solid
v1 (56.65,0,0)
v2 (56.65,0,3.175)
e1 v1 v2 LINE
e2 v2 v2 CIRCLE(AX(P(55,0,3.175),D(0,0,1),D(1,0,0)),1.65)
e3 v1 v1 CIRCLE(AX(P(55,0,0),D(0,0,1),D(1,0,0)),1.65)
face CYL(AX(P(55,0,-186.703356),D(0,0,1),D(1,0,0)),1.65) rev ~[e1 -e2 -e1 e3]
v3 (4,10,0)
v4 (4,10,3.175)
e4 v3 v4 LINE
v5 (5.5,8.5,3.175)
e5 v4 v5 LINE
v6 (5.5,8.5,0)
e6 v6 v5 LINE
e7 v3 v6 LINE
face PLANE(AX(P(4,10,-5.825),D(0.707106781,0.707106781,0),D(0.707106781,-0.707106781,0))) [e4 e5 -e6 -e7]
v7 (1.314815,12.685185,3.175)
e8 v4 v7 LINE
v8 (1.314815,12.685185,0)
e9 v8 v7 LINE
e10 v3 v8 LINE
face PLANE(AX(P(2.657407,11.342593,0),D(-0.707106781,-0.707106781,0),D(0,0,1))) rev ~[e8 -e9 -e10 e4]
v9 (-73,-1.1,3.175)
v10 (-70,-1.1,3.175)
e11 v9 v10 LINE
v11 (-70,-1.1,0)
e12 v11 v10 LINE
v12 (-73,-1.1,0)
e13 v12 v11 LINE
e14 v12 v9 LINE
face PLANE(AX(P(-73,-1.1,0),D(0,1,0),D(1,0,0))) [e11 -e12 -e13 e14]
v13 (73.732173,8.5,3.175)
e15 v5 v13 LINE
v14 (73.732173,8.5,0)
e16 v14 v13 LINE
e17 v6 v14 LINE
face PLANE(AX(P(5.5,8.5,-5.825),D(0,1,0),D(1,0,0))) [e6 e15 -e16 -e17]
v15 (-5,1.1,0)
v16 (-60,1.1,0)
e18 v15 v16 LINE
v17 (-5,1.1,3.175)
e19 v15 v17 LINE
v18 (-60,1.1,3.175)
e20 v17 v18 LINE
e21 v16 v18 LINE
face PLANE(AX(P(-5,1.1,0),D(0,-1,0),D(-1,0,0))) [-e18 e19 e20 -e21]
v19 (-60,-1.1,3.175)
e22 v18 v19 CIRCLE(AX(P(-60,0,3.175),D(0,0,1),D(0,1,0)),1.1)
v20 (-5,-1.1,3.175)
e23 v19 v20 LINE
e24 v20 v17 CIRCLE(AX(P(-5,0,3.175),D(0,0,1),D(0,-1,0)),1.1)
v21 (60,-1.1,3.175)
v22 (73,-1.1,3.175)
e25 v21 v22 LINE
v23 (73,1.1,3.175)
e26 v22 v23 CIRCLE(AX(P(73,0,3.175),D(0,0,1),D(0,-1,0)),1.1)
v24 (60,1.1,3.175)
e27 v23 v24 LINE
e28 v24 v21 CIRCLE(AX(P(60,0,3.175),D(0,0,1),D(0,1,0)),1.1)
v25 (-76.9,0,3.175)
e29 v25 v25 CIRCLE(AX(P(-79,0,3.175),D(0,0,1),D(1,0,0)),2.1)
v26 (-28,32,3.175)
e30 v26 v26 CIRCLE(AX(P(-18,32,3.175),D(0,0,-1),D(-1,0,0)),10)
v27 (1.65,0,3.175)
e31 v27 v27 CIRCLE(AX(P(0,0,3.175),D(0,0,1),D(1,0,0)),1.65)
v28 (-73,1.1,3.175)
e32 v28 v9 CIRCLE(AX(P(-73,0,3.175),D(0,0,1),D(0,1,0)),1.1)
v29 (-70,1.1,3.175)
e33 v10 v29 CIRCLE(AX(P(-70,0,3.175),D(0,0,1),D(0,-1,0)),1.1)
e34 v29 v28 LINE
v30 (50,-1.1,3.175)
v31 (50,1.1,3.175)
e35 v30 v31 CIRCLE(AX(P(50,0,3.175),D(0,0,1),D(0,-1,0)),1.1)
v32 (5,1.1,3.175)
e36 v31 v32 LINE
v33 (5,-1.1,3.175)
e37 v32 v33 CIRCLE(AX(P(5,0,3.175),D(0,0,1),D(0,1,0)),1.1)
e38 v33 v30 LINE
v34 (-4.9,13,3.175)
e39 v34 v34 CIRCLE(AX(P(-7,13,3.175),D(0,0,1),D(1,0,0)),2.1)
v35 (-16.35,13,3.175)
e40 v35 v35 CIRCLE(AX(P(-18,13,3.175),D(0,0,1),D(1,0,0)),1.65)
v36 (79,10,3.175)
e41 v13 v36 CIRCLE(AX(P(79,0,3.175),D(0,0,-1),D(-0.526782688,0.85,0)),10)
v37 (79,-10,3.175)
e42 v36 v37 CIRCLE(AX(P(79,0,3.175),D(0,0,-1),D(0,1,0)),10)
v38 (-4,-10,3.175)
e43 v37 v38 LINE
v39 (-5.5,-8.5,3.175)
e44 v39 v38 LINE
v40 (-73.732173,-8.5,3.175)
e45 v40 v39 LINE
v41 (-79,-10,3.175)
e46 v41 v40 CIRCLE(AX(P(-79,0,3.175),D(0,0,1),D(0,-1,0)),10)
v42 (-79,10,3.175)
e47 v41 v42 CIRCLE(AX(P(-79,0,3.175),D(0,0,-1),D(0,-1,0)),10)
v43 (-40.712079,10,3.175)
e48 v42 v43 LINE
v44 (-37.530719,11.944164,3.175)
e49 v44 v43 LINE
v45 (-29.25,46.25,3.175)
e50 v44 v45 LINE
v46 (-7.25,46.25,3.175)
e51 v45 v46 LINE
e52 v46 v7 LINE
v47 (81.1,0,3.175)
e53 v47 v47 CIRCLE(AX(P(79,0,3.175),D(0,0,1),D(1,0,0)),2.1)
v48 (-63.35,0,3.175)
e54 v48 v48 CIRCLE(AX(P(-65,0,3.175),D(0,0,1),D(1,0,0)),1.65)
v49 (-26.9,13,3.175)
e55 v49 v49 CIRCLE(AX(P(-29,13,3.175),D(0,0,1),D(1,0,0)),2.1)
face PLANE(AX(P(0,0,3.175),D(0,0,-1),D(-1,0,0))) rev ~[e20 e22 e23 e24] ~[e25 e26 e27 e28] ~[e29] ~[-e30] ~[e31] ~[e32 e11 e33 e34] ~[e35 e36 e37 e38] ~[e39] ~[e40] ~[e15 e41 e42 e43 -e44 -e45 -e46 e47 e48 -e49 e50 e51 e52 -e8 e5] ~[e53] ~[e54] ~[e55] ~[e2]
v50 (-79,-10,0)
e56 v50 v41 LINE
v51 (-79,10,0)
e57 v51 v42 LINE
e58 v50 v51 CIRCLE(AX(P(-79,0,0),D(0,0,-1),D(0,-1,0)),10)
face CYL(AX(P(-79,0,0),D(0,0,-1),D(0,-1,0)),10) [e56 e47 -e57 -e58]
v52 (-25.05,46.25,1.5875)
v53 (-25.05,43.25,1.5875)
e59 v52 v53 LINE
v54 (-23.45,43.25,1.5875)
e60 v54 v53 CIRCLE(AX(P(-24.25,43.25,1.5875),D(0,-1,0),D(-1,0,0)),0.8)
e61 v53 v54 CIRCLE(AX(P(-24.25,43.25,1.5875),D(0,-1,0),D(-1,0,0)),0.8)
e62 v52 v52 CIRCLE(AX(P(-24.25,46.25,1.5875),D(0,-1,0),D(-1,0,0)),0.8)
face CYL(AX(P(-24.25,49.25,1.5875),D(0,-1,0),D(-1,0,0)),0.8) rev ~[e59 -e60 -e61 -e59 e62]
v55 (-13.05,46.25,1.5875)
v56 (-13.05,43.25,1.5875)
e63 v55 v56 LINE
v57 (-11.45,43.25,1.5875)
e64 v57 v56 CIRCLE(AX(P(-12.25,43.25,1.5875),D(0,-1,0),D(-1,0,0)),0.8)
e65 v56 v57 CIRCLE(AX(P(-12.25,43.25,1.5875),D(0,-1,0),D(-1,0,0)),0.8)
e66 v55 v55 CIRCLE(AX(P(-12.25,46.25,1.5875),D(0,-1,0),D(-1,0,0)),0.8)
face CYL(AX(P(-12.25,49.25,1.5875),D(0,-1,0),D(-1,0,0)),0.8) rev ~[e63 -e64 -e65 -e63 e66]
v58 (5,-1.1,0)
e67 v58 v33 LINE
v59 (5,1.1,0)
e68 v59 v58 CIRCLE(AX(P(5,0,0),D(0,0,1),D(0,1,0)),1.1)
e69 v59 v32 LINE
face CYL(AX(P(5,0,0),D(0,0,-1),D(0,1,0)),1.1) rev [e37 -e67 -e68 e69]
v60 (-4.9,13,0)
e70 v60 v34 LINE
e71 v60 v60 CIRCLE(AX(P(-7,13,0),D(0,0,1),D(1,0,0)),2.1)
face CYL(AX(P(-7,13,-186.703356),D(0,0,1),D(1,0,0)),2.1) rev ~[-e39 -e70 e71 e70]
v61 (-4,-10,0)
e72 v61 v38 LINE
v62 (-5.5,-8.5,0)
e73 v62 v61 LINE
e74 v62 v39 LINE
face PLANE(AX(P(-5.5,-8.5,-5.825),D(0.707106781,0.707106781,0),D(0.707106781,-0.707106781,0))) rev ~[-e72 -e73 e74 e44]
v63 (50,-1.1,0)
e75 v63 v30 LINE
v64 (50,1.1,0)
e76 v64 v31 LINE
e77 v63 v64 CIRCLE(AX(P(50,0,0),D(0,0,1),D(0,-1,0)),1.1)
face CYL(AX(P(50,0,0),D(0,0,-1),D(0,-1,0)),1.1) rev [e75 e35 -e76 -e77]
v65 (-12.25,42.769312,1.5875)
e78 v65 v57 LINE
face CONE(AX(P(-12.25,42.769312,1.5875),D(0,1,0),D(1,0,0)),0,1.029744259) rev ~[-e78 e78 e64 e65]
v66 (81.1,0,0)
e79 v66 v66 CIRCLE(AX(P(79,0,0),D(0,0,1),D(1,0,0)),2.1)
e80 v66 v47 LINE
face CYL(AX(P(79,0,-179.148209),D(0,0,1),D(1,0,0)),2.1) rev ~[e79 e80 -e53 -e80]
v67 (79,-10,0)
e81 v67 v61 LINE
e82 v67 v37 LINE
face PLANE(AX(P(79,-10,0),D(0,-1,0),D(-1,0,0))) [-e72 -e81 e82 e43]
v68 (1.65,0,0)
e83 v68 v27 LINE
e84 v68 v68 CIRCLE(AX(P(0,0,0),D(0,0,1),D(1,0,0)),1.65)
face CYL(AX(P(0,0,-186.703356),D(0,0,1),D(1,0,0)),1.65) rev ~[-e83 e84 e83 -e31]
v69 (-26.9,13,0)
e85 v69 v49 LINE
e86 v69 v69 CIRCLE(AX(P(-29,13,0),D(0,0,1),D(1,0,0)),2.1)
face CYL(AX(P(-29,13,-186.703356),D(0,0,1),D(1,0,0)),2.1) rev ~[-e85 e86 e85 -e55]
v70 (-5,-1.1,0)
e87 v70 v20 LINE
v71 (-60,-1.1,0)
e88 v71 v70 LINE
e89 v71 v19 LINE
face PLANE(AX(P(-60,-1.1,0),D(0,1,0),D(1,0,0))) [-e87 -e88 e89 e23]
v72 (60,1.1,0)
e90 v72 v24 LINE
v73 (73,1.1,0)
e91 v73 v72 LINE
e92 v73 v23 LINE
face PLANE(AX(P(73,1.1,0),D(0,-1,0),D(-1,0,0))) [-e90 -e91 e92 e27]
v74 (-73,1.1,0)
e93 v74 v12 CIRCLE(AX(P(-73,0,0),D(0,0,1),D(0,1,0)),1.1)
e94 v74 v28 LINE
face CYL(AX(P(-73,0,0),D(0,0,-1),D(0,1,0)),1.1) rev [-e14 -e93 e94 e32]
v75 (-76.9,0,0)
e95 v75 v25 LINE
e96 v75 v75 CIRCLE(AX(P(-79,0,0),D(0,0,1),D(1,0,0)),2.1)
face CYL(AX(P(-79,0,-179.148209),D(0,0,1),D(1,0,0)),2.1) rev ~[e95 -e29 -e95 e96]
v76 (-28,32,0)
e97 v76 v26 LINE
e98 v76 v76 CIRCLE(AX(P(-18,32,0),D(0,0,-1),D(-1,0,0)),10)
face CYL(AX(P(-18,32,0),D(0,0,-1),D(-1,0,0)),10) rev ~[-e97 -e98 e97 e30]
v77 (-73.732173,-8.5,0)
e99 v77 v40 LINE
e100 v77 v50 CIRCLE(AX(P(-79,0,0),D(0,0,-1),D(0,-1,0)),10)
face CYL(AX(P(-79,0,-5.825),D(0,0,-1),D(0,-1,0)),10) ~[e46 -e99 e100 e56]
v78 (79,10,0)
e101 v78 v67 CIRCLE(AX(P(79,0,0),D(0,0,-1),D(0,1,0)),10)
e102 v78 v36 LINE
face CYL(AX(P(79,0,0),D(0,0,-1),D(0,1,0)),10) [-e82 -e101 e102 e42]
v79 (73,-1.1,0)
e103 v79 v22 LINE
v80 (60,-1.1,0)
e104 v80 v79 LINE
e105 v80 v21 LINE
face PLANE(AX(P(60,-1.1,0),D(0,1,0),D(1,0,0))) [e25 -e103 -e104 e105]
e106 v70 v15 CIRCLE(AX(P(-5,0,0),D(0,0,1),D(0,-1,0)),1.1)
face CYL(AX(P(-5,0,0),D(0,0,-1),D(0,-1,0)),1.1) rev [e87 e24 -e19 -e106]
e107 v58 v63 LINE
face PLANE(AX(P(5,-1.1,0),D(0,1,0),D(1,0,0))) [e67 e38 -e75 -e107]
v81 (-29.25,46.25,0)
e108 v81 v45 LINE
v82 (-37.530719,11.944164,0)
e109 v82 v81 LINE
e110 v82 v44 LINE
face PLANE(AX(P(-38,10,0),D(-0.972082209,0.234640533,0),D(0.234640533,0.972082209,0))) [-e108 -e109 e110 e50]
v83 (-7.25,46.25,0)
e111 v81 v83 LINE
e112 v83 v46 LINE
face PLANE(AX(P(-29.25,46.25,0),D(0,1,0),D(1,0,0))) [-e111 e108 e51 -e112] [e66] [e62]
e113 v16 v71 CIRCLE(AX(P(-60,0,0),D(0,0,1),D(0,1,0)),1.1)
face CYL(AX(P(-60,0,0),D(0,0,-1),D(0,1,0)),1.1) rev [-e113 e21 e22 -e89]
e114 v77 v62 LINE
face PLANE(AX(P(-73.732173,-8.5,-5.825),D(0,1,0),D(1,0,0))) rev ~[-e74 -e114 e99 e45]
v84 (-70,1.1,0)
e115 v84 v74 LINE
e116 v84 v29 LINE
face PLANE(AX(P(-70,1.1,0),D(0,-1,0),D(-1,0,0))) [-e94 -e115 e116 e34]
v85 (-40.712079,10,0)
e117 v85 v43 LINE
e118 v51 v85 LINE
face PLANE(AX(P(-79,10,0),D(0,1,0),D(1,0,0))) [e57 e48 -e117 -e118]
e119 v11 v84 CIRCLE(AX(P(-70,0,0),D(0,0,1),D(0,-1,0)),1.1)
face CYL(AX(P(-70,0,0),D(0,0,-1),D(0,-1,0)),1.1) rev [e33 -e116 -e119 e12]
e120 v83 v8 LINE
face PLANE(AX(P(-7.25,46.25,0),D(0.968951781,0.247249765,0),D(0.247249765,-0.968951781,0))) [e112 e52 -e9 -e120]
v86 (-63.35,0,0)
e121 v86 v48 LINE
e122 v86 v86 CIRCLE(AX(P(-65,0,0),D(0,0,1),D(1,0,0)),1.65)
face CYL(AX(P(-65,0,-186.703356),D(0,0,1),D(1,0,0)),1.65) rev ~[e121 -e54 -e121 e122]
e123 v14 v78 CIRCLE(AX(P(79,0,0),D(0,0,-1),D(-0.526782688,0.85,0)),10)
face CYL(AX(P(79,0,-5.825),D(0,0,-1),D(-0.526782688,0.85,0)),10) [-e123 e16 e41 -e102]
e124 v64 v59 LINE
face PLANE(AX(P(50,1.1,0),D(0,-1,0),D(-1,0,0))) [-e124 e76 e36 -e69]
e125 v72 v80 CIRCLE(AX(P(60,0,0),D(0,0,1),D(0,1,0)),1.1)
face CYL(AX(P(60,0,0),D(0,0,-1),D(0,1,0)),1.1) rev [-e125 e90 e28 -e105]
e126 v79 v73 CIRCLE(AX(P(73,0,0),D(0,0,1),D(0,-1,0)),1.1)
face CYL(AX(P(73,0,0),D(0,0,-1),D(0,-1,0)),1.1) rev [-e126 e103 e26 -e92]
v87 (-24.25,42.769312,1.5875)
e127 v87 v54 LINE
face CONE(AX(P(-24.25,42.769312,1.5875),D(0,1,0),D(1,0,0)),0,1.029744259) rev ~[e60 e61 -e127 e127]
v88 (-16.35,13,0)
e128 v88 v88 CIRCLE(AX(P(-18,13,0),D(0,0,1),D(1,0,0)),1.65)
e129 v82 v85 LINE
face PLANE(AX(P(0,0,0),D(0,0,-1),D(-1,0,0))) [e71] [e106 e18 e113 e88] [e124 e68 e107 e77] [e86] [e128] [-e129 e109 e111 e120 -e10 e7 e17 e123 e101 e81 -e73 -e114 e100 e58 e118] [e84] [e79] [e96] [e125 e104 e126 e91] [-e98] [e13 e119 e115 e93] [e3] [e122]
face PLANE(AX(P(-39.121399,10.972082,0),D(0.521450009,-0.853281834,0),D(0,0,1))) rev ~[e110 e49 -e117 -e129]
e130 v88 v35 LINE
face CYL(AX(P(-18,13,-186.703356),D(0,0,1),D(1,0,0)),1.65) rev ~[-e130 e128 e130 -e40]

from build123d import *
from OCP.BRepFilletAPI import BRepFilletAPI_MakeChamfer

# Parameters (mm, degrees)
BOSS_EXTRUDE1_DEPTH             = 3.175
TAP_DRILL_FOR_M5X0_8_TAP1_D     = 4.2
BOSS_EXTRUDE2_DEPTH             = 3.175
TAP_DRILL_FOR_M5X0_8_TAP2_D     = 4.2
SKETCH11_R                      = 10
CUT_EXTRUDE3_DEPTH              = 3.175
TAP_DRILL_FOR_M4X0_7_TAP1_D     = 3.3
CUT_EXTRUDE5_DEPTH              = 3.175
CHAMFER1_SIZE                   = 2
CHAMFER1_SIZE2                  = 2.712078889
CHAMFER1_SIZE2_2                = 2.771226843
CUT_EXTRUDE6_START              = -9
CUT_EXTRUDE6_DEPTH              = 9
TAP_DRILL_FOR_M2X0_4_TAP1_D     = 1.6
TAP_DRILL_FOR_M2X0_4_TAP1_DEPTH = 3
TAP_DRILL_FOR_M2X0_4_TAP1_TIP   = 0.480688495


with BuildPart() as part:
    # Sketch1 → Boss-Extrude1 (new body)
    with BuildSketch(Plane.XY):
        with BuildLine():
            Line((-79, 10), (79, 10))
            ThreePointArc((79, 10), (89, 0), (79, -10))
            Line((79, -10), (-79, -10))
            ThreePointArc((-79, -10), (-89, 0), (-79, 10))
        make_face()
    extrude(amount=BOSS_EXTRUDE1_DEPTH)

    # Tap Drill for M5x0.8 Tap1 (through all)
    with Locations(Plane(origin=(0, 0, 0), x_dir=(-1, 0, 0), z_dir=(0, 0, -1))):
        with Locations((-79, 0), (79, 0)):
            Hole(TAP_DRILL_FOR_M5X0_8_TAP1_D / 2)

    # Sketch8 → Boss-Extrude2 (add)
    with BuildSketch(Plane(origin=(0, 0, 0), x_dir=(-1, 0, 0), z_dir=(0, 0, -1))):
        Polygon((29.25, 46.25), (7.25, 46.25), (-2, 10), (38, 10), align=None)
    extrude(amount=-BOSS_EXTRUDE2_DEPTH)

    # Tap Drill for M5x0.8 Tap2 (through all)
    with Locations(Plane(origin=(0, 0, 0), x_dir=(-1, 0, 0), z_dir=(0, 0, -1))):
        with Locations((7, 13), (29, 13)):
            Hole(TAP_DRILL_FOR_M5X0_8_TAP2_D / 2)

    # Sketch11 → Cut-Extrude3 (cut)
    with BuildSketch(Plane(origin=(0, 0, 0), x_dir=(-1, 0, 0), z_dir=(0, 0, -1))):
        with Locations((18, 32)):
            Circle(SKETCH11_R)
    extrude(amount=-CUT_EXTRUDE3_DEPTH, mode=Mode.SUBTRACT)

    # Tap Drill for M4x0.7 Tap1 (through all)
    with Locations(Plane(origin=(0, 0, 0), x_dir=(-1, 0, 0), z_dir=(0, 0, -1))):
        with Locations((0, 0), (-55, 0), (18, 13), (65, 0)):
            Hole(TAP_DRILL_FOR_M4X0_7_TAP1_D / 2)

    # Sketch17 → Cut-Extrude5 (cut)
    with BuildSketch(Plane(origin=(0, 0, 0), x_dir=(-1, 0, 0), z_dir=(0, 0, -1))):
        with BuildLine():
            Line((-73, 1.1), (-60, 1.1))
            ThreePointArc((-60, 1.1), (-58.9, 0), (-60, -1.1))
            Line((-60, -1.1), (-73, -1.1))
            ThreePointArc((-73, -1.1), (-74.1, 0), (-73, 1.1))
        make_face()
        with BuildLine():
            Line((-50, 1.1), (-5, 1.1))
            ThreePointArc((-5, 1.1), (-3.9, 0), (-5, -1.1))
            Line((-5, -1.1), (-50, -1.1))
            ThreePointArc((-50, -1.1), (-51.1, 0), (-50, 1.1))
        make_face()
        with BuildLine():
            Line((5, 1.1), (60, 1.1))
            ThreePointArc((60, 1.1), (61.1, 0), (60, -1.1))
            Line((60, -1.1), (5, -1.1))
            ThreePointArc((5, -1.1), (3.9, 0), (5, 1.1))
        make_face()
        with BuildLine():
            Line((70, 1.1), (73, 1.1))
            ThreePointArc((73, 1.1), (74.1, 0), (73, -1.1))
            Line((73, -1.1), (70, -1.1))
            ThreePointArc((70, -1.1), (68.9, 0), (70, 1.1))
        make_face()
    extrude(amount=-CUT_EXTRUDE5_DEPTH, mode=Mode.SUBTRACT)

    # Chamfer1: one chamfer whose edges measure the first distance from different faces: ONE call of the kernel's chamfer builder (chamfer() names one face for all edges)
    chamfer1_edges_1 = [part.edges().sort_by_distance(p)[0] for p in [
        (-38, 10, 1.5875),
    ]]
    chamfer1_side_1 = [part.faces().sort_by_distance(p)[0] for p in [
        (-33.625, 28.125, 1.5875),
    ]]
    chamfer1_edges_2 = [part.edges().sort_by_distance(p)[0] for p in [
        (2, 10, 1.5875),
    ]]
    chamfer1_side_2 = [part.faces().sort_by_distance(p)[0] for p in [
        (40.5, 10, 1.5875),
    ]]
    chamfer1 = BRepFilletAPI_MakeChamfer(part.part.solid().wrapped)
    for e in chamfer1_edges_1:
        chamfer1.Add(CHAMFER1_SIZE, CHAMFER1_SIZE2, e.wrapped, chamfer1_side_1[0].wrapped)  # the first distance lies on this face
    for e in chamfer1_edges_2:
        chamfer1.Add(CHAMFER1_SIZE, CHAMFER1_SIZE2_2, e.wrapped, chamfer1_side_2[0].wrapped)  # the first distance lies on this face
    add(Compound.cast(chamfer1.Shape()), mode=Mode.REPLACE)

    # Sketch18 → Cut-Extrude6 (cut)
    with BuildSketch(Plane.XY.offset(3.175).offset(CUT_EXTRUDE6_START)):
        with BuildLine():
            Line((4, 10), (5.5, 8.5))
            Line((5.5, 8.5), (73.732173124, 8.5))
            ThreePointArc((73.732173124, 8.5), (76.261387212, 9.617692031), (79, 10))
            Line((79, 10), (4, 10))
        make_face()
        with BuildLine():
            Line((-4, -10), (-79, -10))
            ThreePointArc((-79, -10), (-76.261387212, -9.617692031), (-73.732173124, -8.5))
            Line((-73.732173124, -8.5), (-5.5, -8.5))
            Line((-5.5, -8.5), (-4, -10))
        make_face()
    extrude(amount=CUT_EXTRUDE6_DEPTH, mode=Mode.SUBTRACT)

    # Tap Drill for M2x0.4 Tap1
    with Locations(Plane(origin=(0, 46.25, 0), x_dir=(1, 0, 0), z_dir=(0, 1, 0))):
        with Locations((-24.25, -1.5875), (-12.25, -1.5875)):
            Hole(TAP_DRILL_FOR_M2X0_4_TAP1_D / 2, depth=TAP_DRILL_FOR_M2X0_4_TAP1_DEPTH)
            with Locations((0, 0, -(TAP_DRILL_FOR_M2X0_4_TAP1_DEPTH + TAP_DRILL_FOR_M2X0_4_TAP1_TIP / 2))):  # 118° drill point
                Cone(0, TAP_DRILL_FOR_M2X0_4_TAP1_D / 2, TAP_DRILL_FOR_M2X0_4_TAP1_TIP, mode=Mode.SUBTRACT)


solid = part.part
